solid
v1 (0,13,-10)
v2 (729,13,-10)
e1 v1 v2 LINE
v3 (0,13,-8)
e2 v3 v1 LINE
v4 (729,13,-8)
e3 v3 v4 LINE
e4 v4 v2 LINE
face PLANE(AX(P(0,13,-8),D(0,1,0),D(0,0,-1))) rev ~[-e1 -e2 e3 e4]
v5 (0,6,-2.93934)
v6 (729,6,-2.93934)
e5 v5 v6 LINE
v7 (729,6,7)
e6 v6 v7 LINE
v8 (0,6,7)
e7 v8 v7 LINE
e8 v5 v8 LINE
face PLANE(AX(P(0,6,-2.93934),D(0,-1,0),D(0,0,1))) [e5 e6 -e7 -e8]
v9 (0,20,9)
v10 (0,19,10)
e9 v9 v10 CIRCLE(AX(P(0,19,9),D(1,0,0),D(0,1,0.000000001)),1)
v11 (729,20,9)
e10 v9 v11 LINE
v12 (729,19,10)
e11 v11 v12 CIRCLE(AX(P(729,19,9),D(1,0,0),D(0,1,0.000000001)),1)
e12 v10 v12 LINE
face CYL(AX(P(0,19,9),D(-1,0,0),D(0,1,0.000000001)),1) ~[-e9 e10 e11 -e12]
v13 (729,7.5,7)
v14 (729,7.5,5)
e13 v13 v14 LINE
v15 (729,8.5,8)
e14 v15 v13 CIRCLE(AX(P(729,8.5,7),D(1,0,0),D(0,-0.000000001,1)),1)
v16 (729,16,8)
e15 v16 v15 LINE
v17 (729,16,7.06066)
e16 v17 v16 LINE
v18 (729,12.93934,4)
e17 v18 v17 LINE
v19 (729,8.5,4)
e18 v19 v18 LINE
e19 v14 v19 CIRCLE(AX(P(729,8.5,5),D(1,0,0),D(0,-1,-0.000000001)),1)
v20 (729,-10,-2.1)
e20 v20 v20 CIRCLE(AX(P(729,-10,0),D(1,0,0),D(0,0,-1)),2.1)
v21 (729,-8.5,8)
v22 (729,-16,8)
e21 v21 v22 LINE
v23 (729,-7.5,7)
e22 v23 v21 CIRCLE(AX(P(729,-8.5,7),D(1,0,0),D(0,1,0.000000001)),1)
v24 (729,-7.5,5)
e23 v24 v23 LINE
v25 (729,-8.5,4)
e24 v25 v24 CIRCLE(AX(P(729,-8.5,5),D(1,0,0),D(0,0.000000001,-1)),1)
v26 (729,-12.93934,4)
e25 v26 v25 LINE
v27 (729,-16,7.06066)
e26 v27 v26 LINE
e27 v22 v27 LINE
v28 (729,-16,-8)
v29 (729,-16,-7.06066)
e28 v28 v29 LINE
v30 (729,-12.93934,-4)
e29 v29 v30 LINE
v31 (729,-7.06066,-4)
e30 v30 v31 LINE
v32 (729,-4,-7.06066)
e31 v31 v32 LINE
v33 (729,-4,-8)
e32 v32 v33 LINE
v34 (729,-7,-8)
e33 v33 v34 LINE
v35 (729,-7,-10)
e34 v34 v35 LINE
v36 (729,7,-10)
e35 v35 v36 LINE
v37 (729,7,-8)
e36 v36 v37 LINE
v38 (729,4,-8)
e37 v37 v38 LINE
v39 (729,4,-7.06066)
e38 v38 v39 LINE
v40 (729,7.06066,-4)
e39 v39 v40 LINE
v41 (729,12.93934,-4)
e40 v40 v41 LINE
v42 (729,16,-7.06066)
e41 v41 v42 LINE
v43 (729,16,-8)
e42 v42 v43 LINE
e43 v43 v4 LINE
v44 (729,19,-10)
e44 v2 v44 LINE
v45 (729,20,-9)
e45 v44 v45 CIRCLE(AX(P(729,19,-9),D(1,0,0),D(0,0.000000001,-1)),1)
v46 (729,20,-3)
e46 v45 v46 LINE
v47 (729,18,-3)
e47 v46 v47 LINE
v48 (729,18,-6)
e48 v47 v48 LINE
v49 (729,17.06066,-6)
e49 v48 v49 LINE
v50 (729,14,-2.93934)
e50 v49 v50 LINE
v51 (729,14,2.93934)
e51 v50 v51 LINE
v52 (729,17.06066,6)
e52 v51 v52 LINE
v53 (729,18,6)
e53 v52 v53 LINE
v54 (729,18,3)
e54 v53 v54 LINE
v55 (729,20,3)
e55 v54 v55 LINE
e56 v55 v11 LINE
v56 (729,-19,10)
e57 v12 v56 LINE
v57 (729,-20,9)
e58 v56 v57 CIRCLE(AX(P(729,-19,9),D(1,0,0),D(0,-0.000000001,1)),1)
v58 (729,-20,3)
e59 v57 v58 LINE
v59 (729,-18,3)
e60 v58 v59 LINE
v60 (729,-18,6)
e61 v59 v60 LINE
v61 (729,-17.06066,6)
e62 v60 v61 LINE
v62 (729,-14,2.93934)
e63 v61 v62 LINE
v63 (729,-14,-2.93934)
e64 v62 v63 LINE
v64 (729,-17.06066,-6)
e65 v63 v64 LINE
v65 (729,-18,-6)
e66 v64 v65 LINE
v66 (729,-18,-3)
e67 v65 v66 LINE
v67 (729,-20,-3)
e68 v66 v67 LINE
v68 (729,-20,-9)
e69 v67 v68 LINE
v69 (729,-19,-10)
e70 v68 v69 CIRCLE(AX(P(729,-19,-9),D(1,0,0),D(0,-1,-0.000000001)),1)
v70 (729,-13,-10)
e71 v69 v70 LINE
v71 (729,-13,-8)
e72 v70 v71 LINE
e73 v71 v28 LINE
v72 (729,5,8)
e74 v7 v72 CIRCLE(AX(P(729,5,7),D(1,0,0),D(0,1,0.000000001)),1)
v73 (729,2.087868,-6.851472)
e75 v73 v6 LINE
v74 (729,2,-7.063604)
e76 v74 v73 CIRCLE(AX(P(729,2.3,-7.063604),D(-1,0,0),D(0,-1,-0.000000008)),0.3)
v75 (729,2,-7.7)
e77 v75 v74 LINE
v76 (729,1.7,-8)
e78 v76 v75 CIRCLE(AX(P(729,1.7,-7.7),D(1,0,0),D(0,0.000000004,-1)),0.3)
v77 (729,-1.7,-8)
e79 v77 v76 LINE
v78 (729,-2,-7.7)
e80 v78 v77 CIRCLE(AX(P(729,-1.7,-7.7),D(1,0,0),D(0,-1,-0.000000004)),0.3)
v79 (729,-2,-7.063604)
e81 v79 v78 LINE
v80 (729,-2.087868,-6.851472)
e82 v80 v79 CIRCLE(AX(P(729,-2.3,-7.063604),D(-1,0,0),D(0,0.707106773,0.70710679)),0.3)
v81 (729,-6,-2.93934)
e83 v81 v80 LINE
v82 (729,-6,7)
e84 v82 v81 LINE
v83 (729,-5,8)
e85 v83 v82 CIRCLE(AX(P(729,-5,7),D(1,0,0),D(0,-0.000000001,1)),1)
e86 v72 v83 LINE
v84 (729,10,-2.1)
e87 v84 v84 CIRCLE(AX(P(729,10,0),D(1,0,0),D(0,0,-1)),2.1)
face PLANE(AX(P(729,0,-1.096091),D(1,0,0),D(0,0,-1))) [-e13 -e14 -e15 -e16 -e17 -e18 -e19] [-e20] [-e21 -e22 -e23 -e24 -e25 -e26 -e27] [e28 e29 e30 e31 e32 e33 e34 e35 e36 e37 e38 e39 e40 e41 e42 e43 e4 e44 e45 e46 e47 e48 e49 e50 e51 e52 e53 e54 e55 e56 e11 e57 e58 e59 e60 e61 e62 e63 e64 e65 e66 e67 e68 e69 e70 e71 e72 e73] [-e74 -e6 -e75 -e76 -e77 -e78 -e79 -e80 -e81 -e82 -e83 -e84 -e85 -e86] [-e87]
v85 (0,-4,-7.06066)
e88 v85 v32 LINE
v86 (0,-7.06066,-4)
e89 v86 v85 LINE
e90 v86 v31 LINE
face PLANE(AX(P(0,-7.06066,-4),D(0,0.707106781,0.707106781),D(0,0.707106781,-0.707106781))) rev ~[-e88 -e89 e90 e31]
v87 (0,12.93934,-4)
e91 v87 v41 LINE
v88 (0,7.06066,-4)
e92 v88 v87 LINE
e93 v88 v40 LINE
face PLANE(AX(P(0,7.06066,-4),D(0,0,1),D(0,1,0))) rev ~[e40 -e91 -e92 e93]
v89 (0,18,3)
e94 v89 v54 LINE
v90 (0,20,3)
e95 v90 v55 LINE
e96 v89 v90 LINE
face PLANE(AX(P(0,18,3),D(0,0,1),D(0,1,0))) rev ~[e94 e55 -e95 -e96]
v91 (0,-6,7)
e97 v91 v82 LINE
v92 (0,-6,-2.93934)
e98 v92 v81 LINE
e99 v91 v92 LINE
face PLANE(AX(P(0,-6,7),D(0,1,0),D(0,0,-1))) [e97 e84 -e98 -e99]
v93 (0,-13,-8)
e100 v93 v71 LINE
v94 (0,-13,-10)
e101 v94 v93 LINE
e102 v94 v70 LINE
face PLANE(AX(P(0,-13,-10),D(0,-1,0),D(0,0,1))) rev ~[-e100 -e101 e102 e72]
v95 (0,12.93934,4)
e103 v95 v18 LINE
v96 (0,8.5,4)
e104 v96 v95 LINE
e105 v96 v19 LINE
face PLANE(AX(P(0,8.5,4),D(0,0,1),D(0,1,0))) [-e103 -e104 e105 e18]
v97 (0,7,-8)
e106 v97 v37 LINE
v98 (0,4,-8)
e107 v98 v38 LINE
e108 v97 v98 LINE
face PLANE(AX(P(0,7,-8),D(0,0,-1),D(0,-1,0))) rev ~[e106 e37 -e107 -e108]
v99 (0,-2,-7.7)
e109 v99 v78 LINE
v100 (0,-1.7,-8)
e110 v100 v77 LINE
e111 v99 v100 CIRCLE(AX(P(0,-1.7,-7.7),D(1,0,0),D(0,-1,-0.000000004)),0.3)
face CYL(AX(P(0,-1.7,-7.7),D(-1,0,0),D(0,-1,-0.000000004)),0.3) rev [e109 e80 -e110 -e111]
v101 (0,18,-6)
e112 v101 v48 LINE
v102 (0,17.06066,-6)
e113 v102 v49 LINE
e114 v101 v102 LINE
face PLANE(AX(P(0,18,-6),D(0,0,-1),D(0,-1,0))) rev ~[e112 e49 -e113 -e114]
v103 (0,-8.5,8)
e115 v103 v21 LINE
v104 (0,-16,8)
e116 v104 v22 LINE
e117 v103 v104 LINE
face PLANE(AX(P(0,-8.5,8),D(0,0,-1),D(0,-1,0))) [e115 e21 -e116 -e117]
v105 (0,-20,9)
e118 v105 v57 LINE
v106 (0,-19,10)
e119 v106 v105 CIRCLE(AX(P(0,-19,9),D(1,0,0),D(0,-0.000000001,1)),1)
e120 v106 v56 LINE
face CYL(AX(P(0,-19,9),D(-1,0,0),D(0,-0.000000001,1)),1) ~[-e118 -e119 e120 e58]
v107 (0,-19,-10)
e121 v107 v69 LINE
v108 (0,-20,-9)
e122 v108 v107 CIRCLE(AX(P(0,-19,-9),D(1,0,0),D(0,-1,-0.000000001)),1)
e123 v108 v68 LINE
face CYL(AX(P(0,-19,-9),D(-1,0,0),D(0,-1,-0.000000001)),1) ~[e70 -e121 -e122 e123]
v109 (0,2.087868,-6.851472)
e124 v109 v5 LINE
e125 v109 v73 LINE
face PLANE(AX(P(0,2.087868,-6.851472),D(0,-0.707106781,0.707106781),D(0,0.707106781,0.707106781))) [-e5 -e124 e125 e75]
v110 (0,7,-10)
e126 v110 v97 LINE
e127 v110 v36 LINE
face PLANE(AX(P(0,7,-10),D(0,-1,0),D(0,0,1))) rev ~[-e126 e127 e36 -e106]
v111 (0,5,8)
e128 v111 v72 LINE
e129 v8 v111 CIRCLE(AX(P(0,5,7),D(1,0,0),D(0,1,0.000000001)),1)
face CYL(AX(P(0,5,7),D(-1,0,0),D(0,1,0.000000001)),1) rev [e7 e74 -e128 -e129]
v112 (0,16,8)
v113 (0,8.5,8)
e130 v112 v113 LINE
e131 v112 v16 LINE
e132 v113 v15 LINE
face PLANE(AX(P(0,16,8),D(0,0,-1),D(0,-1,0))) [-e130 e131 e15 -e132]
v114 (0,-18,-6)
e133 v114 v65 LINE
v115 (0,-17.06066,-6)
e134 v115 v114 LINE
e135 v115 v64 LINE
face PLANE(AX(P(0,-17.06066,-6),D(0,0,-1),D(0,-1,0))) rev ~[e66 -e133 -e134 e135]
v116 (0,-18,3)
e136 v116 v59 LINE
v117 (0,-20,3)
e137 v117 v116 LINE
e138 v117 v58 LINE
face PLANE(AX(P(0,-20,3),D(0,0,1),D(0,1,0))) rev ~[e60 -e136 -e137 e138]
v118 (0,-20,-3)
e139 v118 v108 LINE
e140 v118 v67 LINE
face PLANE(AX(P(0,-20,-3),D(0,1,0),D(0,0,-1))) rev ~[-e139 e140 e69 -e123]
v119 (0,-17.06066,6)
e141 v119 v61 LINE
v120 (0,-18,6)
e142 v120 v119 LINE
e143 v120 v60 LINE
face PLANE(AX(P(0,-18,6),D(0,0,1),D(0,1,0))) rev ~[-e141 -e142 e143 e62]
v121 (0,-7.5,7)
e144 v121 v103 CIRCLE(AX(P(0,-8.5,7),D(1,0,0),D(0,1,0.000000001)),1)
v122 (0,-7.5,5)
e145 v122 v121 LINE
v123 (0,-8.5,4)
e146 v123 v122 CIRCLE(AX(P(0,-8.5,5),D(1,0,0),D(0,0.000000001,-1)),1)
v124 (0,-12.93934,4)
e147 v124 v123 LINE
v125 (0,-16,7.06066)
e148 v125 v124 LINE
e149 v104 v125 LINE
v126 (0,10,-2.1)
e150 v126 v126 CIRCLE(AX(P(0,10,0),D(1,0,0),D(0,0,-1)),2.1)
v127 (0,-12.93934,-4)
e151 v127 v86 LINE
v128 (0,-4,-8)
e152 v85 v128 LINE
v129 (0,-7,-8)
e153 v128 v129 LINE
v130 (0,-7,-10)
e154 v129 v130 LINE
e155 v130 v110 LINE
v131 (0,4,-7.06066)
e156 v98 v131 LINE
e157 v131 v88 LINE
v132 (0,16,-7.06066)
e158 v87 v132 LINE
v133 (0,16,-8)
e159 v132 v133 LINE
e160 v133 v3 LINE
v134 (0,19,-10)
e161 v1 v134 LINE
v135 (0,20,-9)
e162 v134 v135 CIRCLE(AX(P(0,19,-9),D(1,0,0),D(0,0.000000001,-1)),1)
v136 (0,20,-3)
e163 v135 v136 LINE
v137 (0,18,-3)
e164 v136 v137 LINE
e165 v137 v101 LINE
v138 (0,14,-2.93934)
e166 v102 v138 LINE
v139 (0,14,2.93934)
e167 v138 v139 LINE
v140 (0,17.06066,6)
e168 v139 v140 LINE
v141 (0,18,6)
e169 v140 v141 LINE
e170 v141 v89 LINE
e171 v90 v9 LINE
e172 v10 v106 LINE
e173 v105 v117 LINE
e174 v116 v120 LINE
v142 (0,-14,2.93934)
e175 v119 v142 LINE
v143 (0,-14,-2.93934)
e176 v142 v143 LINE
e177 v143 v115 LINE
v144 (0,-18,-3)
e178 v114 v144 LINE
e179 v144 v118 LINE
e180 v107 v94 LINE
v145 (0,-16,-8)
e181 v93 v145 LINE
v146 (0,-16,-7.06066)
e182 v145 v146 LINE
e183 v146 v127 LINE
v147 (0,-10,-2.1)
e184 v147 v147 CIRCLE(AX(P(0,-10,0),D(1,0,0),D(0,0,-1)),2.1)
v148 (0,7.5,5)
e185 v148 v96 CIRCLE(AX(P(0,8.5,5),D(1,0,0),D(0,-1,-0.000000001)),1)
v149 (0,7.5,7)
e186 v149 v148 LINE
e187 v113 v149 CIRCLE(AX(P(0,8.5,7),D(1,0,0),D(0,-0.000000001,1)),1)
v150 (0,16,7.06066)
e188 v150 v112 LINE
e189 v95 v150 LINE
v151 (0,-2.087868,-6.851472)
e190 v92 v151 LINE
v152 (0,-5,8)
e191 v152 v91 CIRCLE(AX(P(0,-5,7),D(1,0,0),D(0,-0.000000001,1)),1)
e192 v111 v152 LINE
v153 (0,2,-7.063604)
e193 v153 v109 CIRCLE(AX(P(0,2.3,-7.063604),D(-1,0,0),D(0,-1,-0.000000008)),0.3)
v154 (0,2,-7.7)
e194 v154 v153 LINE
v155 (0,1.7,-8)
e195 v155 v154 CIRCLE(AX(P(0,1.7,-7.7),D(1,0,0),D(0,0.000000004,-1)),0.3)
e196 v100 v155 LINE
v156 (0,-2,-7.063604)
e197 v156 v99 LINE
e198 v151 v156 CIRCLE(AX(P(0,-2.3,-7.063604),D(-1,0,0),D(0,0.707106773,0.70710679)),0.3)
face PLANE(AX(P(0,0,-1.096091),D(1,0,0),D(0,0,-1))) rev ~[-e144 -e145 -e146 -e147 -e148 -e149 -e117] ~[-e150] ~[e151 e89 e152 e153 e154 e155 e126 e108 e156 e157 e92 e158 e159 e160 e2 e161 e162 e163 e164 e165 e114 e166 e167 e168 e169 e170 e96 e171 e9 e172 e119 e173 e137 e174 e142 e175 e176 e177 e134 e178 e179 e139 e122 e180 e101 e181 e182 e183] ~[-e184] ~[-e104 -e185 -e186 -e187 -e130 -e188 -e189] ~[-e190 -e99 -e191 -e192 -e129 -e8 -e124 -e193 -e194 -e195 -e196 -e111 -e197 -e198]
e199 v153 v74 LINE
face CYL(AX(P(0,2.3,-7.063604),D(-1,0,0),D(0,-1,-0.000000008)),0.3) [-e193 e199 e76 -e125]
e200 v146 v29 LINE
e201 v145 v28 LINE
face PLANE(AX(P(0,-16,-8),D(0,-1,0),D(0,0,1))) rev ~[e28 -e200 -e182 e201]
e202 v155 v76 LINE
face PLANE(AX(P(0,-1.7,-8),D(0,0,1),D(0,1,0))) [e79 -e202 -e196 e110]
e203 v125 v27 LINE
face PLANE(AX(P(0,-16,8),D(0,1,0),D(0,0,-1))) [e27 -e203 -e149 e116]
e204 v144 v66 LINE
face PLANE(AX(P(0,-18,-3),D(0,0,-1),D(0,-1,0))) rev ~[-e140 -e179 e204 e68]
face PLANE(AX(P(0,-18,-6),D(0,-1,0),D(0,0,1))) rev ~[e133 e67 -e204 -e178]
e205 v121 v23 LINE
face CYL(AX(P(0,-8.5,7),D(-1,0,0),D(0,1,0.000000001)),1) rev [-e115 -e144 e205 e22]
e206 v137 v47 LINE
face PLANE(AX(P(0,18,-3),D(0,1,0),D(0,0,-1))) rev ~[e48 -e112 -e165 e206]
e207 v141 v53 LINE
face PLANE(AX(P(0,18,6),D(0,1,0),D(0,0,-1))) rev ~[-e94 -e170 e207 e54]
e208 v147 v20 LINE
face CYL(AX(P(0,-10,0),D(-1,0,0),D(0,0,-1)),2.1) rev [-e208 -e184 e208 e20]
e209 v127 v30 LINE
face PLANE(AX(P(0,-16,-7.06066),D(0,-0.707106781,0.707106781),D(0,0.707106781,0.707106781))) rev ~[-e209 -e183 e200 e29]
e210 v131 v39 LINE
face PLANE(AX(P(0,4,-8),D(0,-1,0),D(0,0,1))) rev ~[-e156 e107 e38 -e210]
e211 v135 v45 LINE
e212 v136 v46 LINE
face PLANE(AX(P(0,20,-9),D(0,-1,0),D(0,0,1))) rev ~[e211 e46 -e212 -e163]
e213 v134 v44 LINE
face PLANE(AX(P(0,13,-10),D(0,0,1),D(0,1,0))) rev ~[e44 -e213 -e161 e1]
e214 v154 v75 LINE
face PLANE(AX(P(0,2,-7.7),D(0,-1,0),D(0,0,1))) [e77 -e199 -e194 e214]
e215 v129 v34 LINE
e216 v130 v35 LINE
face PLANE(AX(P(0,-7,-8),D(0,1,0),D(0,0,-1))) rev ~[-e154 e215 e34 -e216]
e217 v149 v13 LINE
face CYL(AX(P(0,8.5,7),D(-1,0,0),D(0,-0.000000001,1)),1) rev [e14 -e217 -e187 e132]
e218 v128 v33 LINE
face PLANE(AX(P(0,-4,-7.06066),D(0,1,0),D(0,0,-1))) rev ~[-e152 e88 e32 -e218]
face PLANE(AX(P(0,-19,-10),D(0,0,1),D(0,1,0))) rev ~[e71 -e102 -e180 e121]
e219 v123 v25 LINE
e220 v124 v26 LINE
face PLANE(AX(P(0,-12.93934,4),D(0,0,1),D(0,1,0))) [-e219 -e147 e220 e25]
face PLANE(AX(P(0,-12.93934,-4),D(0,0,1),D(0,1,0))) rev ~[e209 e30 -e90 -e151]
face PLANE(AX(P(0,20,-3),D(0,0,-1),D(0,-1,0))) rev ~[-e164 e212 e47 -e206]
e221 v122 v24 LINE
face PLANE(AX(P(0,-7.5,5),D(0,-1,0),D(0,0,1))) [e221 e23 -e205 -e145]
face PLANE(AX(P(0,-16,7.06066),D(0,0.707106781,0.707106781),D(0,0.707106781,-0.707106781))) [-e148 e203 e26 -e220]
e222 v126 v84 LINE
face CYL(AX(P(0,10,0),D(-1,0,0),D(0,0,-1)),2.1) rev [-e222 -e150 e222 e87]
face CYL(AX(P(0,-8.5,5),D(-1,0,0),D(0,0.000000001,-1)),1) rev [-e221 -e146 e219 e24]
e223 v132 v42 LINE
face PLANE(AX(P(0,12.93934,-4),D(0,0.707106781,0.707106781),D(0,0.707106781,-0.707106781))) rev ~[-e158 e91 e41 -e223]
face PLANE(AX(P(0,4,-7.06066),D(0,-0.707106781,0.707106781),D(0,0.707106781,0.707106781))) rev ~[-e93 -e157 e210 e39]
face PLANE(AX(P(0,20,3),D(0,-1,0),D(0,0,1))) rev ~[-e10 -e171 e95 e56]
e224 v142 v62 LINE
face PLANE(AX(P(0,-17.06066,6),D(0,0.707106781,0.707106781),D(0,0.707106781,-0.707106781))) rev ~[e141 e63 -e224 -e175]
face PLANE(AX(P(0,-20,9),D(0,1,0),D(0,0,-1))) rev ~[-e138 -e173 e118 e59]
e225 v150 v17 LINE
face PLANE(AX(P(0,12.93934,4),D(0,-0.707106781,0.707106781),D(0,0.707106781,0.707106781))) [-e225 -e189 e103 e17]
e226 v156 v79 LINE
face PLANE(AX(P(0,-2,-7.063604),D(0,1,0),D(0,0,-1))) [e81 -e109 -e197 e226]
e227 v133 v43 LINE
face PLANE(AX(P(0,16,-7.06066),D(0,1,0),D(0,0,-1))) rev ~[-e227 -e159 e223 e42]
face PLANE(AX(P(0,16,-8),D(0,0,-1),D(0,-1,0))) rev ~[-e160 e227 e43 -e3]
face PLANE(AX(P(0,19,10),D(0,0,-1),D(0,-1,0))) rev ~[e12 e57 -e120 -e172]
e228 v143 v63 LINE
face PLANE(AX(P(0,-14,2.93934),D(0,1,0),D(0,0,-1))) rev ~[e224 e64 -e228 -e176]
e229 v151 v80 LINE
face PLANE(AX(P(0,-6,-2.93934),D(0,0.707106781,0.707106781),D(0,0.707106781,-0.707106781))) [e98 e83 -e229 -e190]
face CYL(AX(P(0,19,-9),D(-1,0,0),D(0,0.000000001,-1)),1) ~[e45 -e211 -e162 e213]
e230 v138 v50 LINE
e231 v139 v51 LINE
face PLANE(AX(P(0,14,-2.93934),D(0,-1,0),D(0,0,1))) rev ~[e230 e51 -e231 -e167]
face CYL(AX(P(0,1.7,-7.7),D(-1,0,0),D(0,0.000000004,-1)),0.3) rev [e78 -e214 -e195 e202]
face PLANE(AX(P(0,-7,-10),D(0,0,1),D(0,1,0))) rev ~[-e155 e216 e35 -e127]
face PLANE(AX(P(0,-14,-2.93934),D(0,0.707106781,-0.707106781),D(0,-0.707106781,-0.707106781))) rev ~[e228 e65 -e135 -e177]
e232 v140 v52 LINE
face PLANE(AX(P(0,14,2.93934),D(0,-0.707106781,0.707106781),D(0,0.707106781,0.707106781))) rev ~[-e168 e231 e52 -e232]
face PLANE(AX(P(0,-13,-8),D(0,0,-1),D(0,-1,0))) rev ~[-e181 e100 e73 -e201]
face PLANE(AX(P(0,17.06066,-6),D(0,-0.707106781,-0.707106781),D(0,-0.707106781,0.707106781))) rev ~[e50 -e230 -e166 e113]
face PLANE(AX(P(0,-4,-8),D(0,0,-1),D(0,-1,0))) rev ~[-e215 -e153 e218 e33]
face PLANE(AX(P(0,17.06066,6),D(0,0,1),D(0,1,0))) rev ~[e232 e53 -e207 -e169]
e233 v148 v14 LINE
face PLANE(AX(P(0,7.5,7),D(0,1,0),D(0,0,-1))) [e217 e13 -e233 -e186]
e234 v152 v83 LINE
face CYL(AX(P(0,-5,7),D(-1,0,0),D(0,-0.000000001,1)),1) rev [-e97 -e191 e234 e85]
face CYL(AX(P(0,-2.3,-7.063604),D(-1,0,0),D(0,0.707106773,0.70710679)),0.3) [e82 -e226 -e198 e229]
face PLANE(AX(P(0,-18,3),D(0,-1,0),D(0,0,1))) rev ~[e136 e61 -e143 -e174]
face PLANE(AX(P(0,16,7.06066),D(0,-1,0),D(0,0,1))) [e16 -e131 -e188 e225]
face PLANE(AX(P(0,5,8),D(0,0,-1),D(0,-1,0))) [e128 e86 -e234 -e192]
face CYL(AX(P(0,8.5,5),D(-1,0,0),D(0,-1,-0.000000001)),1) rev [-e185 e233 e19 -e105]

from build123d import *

# Parameters (mm, degrees)
SKETCH1_R           = 2.1
BOSS_EXTRUDE1_DEPTH = 729


with BuildPart() as part:
    # Sketch1 → Boss-Extrude1 (new body)
    with BuildSketch(Plane(origin=(0, 0, 0), x_dir=(0, 0, -1), z_dir=(1, 0, 0))):
        with BuildLine():
            Line((10, 13), (10, 19))
            ThreePointArc((10, 19), (9.707106781, 19.707106781), (9, 20))
            Line((9, 20), (3, 20))
            Line((3, 20), (3, 18))
            Line((3, 18), (6, 18))
            Line((6, 18), (6, 17.060660172))
            Line((6, 17.060660172), (2.939339828, 14))
            Line((2.939339828, 14), (-2.939339828, 14))
            Line((-2.939339828, 14), (-6, 17.060660172))
            Line((-6, 17.060660172), (-6, 18))
            Line((-6, 18), (-3, 18))
            Line((-3, 18), (-3, 20))
            Line((-3, 20), (-9, 20))
            ThreePointArc((-9, 20), (-9.707106781, 19.707106781), (-10, 19))
            Line((-10, 19), (-10, -19))
            ThreePointArc((-10, -19), (-9.707106781, -19.707106781), (-9, -20))
            Line((-9, -20), (-3, -20))
            Line((-3, -20), (-3, -18))
            Line((-3, -18), (-6, -18))
            Line((-6, -18), (-6, -17.060660172))
            Line((-6, -17.060660172), (-2.939339828, -14))
            Line((-2.939339828, -14), (2.939339828, -14))
            Line((2.939339828, -14), (6, -17.060660172))
            Line((6, -17.060660172), (6, -18))
            Line((6, -18), (3, -18))
            Line((3, -18), (3, -20))
            Line((3, -20), (9, -20))
            ThreePointArc((9, -20), (9.707106781, -19.707106781), (10, -19))
            Line((10, -19), (10, -13))
            Line((10, -13), (8, -13))
            Line((8, -13), (8, -16))
            Line((8, -16), (7.060660172, -16))
            Line((7.060660172, -16), (4, -12.939339828))
            Line((4, -12.939339828), (4, -7.060660172))
            Line((4, -7.060660172), (7.060660172, -4))
            Line((7.060660172, -4), (8, -4))
            Line((8, -4), (8, -7))
            Line((8, -7), (10, -7))
            Line((10, -7), (10, 7))
            Line((10, 7), (8, 7))
            Line((8, 7), (8, 4))
            Line((8, 4), (7.060660172, 4))
            Line((7.060660172, 4), (4, 7.060660172))
            Line((4, 7.060660172), (4, 12.939339828))
            Line((4, 12.939339828), (7.060660172, 16))
            Line((7.060660172, 16), (8, 16))
            Line((8, 16), (8, 13))
            Line((8, 13), (10, 13))
        make_face()
        with Locations((0, -10)):
            Circle(SKETCH1_R, mode=Mode.SUBTRACT)
        with Locations((0, 10)):
            Circle(SKETCH1_R, mode=Mode.SUBTRACT)
        with BuildLine():
            Line((8, -1.7), (8, 1.7))
            ThreePointArc((8, 1.7), (7.912132034, 1.912132034), (7.7, 2))
            Line((7.7, 2), (7.063603897, 2))
            ThreePointArc((7.063603897, 2), (6.948798867, 2.02283614), (6.851471863, 2.087867966))
            Line((6.851471863, 2.087867966), (2.939339828, 6))
            Line((2.939339828, 6), (-7, 6))
            ThreePointArc((-7, 6), (-7.707106781, 5.707106781), (-8, 5))
            Line((-8, 5), (-8, -5))
            ThreePointArc((-8, -5), (-7.707106781, -5.707106781), (-7, -6))
            Line((-7, -6), (2.939339828, -6))
            Line((2.939339828, -6), (6.851471863, -2.087867966))
            ThreePointArc((6.851471863, -2.087867966), (6.948798867, -2.02283614), (7.063603897, -2))
            Line((7.063603897, -2), (7.7, -2))
            ThreePointArc((7.7, -2), (7.912132034, -1.912132034), (8, -1.7))
        make_face(mode=Mode.SUBTRACT)
        with BuildLine():
            Line((-7.060660172, -16), (-4, -12.939339828))
            Line((-4, -12.939339828), (-4, -8.5))
            ThreePointArc((-4, -8.5), (-4.292893219, -7.792893219), (-5, -7.5))
            Line((-5, -7.5), (-7, -7.5))
            ThreePointArc((-7, -7.5), (-7.707106781, -7.792893219), (-8, -8.5))
            Line((-8, -8.5), (-8, -16))
            Line((-8, -16), (-7.060660172, -16))
        make_face(mode=Mode.SUBTRACT)
        with BuildLine():
            Line((-4, 8.5), (-4, 12.939339828))
            Line((-4, 12.939339828), (-7.060660172, 16))
            Line((-7.060660172, 16), (-8, 16))
            Line((-8, 16), (-8, 8.5))
            ThreePointArc((-8, 8.5), (-7.707106781, 7.792893219), (-7, 7.5))
            Line((-7, 7.5), (-5, 7.5))
            ThreePointArc((-5, 7.5), (-4.292893219, 7.792893219), (-4, 8.5))
        make_face(mode=Mode.SUBTRACT)
    extrude(amount=BOSS_EXTRUDE1_DEPTH)


solid = part.part
